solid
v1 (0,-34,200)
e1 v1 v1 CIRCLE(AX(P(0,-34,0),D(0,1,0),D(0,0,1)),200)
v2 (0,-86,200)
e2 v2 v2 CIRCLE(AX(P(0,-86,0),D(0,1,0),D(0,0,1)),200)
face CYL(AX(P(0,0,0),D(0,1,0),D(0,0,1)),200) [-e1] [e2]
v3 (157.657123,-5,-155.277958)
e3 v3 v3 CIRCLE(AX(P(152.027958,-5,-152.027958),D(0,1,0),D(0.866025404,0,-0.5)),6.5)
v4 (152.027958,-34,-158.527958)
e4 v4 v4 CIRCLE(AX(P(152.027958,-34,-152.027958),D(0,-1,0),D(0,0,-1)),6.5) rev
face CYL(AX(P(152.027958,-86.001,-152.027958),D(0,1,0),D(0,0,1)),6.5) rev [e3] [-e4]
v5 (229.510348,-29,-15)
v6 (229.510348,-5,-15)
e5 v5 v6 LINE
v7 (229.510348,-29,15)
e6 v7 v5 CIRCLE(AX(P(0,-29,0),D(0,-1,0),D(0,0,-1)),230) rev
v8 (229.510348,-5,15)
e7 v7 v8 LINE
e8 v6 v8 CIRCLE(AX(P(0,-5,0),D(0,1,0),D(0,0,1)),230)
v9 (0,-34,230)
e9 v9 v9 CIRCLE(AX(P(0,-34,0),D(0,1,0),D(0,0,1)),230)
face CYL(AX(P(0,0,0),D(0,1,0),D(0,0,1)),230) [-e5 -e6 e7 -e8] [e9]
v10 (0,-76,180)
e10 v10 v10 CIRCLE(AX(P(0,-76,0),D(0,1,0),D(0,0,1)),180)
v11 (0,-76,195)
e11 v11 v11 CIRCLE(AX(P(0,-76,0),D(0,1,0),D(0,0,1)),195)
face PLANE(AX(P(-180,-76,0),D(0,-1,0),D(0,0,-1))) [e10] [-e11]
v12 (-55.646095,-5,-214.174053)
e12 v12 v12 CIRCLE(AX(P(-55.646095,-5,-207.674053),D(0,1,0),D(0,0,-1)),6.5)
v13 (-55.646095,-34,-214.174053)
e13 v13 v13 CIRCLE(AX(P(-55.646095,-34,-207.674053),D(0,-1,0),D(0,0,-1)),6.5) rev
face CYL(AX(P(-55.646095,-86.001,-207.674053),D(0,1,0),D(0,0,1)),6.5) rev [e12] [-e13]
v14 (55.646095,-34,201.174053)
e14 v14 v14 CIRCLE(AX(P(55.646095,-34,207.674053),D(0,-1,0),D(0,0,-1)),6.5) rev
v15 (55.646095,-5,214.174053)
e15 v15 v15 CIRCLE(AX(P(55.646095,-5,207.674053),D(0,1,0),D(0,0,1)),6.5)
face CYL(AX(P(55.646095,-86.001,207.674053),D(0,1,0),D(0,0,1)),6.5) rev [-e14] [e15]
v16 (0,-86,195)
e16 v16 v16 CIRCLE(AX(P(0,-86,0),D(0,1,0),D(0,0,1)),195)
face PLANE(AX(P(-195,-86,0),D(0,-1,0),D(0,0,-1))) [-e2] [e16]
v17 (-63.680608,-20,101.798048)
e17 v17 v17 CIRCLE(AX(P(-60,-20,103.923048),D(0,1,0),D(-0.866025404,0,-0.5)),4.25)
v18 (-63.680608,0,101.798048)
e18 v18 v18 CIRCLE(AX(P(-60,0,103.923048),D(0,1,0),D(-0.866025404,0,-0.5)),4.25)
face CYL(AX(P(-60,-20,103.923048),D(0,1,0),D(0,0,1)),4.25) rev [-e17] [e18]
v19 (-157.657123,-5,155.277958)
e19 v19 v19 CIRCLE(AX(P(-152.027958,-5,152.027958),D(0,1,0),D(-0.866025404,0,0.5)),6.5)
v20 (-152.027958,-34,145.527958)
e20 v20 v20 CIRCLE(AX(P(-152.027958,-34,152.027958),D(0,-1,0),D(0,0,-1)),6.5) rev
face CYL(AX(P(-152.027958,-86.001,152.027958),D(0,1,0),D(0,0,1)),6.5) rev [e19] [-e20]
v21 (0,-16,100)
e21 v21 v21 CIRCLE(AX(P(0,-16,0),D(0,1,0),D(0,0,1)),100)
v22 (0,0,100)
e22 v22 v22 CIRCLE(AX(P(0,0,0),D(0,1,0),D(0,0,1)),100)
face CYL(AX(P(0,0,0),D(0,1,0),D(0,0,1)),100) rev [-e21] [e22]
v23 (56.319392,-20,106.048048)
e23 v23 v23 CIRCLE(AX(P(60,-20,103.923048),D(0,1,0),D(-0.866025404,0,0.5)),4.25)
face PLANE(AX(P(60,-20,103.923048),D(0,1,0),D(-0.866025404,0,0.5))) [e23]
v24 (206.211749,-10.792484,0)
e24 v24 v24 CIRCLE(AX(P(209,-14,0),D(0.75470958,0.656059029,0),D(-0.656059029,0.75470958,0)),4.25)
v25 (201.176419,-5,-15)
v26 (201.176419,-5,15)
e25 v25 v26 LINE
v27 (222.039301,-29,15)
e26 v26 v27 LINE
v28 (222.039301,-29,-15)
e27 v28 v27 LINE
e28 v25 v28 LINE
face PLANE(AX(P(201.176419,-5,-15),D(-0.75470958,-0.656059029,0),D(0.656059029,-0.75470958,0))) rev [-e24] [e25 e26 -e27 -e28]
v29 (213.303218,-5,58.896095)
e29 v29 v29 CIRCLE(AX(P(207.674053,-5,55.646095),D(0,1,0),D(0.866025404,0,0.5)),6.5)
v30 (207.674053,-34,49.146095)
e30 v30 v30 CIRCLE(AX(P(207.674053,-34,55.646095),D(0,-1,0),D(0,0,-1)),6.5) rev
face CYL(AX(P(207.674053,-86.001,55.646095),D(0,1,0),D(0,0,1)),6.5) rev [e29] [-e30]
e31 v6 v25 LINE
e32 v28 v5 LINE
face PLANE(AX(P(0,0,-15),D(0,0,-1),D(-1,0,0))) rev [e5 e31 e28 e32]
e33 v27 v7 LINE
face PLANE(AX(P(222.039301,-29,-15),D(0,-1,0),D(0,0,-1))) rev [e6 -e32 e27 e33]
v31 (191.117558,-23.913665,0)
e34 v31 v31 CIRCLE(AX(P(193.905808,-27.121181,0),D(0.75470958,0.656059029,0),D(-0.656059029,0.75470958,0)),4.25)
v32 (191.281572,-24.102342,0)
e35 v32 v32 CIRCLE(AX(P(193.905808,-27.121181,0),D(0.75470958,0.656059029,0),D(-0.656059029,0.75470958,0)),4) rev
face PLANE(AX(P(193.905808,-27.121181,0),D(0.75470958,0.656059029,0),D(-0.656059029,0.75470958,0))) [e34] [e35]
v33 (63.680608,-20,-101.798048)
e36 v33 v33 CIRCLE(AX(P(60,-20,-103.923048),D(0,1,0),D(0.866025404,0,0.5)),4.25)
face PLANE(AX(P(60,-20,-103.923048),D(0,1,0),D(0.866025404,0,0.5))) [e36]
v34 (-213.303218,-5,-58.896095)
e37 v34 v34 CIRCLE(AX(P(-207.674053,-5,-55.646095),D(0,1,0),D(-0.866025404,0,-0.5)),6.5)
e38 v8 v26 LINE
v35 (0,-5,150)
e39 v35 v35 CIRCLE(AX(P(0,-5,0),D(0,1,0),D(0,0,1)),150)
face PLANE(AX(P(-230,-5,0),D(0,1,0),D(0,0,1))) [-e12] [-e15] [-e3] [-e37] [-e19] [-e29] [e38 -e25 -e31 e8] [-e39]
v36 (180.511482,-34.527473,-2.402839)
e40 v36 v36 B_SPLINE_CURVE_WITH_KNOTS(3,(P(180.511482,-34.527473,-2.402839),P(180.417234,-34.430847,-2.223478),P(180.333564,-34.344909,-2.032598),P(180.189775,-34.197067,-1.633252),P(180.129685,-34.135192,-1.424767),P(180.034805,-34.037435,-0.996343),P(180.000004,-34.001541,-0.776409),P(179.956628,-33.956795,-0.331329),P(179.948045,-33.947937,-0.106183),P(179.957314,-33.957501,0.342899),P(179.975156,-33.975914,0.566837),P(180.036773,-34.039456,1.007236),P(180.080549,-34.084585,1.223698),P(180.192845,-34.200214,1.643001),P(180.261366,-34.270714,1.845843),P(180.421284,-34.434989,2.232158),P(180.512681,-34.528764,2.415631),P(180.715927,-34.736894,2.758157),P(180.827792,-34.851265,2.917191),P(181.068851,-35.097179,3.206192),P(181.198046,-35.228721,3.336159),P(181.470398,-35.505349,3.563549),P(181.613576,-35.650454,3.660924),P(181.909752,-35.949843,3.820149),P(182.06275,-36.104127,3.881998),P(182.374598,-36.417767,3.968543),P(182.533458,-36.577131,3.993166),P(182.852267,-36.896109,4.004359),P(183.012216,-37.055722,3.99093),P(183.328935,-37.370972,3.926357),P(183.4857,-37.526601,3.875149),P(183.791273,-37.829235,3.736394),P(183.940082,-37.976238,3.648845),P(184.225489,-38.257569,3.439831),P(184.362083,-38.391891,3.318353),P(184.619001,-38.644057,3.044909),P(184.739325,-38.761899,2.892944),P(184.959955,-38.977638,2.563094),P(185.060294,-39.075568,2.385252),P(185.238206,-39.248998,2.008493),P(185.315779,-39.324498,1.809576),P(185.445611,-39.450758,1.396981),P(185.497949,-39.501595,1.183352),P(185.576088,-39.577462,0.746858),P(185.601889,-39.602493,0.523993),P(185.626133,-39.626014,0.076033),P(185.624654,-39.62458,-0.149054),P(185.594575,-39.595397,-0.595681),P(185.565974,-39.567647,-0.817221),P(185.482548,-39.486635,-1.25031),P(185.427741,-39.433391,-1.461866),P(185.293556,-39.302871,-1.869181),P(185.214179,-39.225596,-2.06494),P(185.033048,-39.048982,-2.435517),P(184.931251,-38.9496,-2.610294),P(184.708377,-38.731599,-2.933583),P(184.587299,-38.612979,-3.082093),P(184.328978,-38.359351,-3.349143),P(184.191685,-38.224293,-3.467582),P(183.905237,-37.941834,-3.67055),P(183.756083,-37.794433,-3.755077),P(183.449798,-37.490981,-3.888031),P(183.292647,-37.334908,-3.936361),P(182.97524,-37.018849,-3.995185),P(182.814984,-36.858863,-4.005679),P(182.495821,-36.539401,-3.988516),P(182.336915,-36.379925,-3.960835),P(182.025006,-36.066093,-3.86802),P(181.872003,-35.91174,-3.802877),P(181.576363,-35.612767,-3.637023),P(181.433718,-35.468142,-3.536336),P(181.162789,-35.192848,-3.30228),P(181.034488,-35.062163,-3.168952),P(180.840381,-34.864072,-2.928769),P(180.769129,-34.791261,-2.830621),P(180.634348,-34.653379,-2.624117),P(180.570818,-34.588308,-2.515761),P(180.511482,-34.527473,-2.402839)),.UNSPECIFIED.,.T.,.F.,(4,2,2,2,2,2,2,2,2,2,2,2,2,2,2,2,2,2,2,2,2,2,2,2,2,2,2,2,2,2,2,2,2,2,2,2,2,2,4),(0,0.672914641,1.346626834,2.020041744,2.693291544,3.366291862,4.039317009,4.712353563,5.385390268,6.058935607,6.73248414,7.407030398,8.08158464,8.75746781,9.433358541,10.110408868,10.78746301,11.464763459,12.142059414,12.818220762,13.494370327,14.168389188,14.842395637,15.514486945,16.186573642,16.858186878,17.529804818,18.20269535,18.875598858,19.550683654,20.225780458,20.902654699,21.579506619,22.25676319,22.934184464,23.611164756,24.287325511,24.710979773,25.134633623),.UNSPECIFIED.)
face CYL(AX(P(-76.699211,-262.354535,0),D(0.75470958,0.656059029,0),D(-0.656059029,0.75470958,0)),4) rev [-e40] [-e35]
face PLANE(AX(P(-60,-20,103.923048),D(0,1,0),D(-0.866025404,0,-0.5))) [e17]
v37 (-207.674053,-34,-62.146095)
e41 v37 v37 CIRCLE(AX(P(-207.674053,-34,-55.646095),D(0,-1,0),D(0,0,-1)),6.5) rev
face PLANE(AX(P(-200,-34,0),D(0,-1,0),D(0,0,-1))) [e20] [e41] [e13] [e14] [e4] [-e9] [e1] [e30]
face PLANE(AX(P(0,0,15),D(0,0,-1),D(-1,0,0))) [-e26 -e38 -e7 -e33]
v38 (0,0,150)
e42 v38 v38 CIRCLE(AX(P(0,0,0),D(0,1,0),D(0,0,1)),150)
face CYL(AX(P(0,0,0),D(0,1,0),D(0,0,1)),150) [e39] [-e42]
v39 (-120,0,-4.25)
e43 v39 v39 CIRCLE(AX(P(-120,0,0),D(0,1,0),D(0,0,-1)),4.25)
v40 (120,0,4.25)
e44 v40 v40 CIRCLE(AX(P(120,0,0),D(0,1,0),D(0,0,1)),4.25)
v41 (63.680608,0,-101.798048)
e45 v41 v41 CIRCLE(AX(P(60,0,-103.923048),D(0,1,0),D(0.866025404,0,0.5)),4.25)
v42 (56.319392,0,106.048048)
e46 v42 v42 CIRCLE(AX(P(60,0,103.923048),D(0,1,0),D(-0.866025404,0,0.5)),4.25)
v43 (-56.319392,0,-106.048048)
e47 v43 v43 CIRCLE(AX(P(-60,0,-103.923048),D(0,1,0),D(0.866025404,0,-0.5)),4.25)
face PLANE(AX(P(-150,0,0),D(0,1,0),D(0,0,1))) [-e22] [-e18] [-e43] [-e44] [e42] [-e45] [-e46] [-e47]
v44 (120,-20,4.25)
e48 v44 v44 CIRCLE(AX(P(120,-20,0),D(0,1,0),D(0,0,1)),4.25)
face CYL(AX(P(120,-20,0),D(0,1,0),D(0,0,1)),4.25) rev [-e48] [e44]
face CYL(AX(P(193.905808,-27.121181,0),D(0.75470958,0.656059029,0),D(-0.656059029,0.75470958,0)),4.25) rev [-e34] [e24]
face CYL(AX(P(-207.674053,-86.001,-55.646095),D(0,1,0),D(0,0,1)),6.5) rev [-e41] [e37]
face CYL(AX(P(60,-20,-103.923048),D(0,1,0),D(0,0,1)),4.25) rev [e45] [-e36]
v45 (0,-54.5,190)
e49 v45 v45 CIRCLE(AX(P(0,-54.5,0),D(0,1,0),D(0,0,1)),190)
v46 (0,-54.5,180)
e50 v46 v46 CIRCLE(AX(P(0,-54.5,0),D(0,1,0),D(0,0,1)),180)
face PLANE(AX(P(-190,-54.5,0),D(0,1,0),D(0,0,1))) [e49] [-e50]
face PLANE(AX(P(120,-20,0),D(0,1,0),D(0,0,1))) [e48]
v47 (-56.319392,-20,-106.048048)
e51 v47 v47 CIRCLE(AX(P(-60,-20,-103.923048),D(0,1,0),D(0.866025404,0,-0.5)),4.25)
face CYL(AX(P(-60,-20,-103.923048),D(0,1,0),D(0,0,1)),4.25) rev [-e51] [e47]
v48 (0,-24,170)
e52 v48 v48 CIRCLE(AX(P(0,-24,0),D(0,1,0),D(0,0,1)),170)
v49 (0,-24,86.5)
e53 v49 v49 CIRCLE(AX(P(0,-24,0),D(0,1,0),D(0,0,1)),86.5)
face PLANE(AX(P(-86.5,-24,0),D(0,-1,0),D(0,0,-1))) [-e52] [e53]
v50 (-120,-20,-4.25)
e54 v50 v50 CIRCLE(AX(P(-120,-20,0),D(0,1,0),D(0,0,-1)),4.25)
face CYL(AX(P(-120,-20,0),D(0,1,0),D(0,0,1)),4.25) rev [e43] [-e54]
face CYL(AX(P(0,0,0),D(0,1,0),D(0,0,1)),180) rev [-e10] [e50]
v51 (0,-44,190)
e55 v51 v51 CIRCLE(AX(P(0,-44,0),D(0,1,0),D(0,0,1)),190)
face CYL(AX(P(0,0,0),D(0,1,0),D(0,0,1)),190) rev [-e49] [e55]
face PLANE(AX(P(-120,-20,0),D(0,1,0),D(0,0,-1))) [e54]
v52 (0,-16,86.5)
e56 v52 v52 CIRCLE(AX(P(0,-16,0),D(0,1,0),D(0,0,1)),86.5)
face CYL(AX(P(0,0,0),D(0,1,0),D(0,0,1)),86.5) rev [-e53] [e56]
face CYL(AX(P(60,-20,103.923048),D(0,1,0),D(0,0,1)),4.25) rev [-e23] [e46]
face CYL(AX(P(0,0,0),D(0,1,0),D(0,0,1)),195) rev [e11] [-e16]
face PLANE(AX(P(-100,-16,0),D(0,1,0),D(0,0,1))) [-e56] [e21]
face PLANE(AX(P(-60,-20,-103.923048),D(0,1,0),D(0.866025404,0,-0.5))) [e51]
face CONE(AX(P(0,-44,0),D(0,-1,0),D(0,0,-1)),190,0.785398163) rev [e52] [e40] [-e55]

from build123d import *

# Parameters (mm, degrees)
CUT_EXTRUDE_1_DEPTH      = 15
SKETCH_3_R               = 4.25
CUT_EXTRUDE_2_DEPTH      = 20
PATTERN_CIRCULAR_1_COUNT = 6
CUT_EXTRUDE_3_REACH      = 337.203
SKETCH_4_R               = 6.5
PATTERN_CIRCULAR_2_COUNT = 6
SKETCH_5_R               = 4.25
CUT_EXTRUDE_4_DEPTH      = 20
CUT_EXTRUDE_5_REACH      = 453.217
SKETCH_6_R               = 4


with BuildPart() as part:
    # 草图1 → 旋转1 (revolve)
    with BuildSketch(Plane.XY, mode=Mode.PRIVATE) as revolve_1_sk:
        Polygon((-150, 0), (-100, 0), (-100, -16), (-86.5, -16), (-86.5, -24), (-170, -24), (-190, -44), (-190, -54.5), (-180, -54.5), (-180, -76), (-195, -76), (-195, -86), (-200, -86), (-200, -34), (-230, -34), (-230, -5), (-150, -5), align=None)
    revolve(revolve_1_sk.sketch.rotate(Axis((0, 0, 0), (0, -1, 0)), 270), axis=Axis((0, 0, 0), (0, -1, 0)))

    # 草图2 → 切除-拉伸1 (cut, symmetric)
    with BuildSketch(Plane.XY):
        Polygon((201.17641936, -5), (222.039301067, -29), (230, -29), (230, -5), align=None)
    extrude(amount=CUT_EXTRUDE_1_DEPTH, both=True, mode=Mode.SUBTRACT)

    # 草图3 → 切除-拉伸2 (cut)
    with BuildSketch(Plane(origin=(0, 0, 0), x_dir=(1, 0, 0), z_dir=(0, 1, 0))):
        with Locations(Location((120, 0, 0), (0, 0, 270))):
            Circle(SKETCH_3_R)
    cut_extrude_2 = extrude(amount=-CUT_EXTRUDE_2_DEPTH, mode=Mode.SUBTRACT)

    # 阵列(圆周)1: 切除-拉伸2 ×6 about axis
    pattern_circular_1_axis = Axis((0, 0, 0), (0, 1, 0))
    for i in range(1, PATTERN_CIRCULAR_1_COUNT):
        add(cut_extrude_2.rotate(pattern_circular_1_axis, i * 360 / PATTERN_CIRCULAR_1_COUNT), mode=Mode.SUBTRACT)

    # 草图4 → 切除-拉伸3 (cut, up to next)
    with BuildSketch(Plane(origin=(0, -5, 0), x_dir=(1, 0, 0), z_dir=(0, 1, 0)), mode=Mode.PRIVATE) as cut_extrude_3_sk1:
        with Locations(Location((55.646094697, -207.674052652, 0), (0, 0, 270))):
            Circle(SKETCH_4_R)
    cut_extrude_3_tool1 = extrude(cut_extrude_3_sk1.sketch, amount=-CUT_EXTRUDE_3_REACH, mode=Mode.PRIVATE) & part.part
    cut_extrude_3 = cut_extrude_3_tool1.solids().sort_by_distance((55.646095, -5, 207.674053))[0]
    add(cut_extrude_3, mode=Mode.SUBTRACT)

    # 阵列(圆周)2: 切除-拉伸3 ×6 about axis
    pattern_circular_2_axis = Axis((0, 0, 0), (0, 1, 0))
    for i in range(1, PATTERN_CIRCULAR_2_COUNT):
        add(cut_extrude_3.rotate(pattern_circular_2_axis, i * 360 / PATTERN_CIRCULAR_2_COUNT), mode=Mode.SUBTRACT)

    # 草图5 → 切除-拉伸4 (cut)
    with BuildSketch(Plane(origin=(112.111712569, 97.45722489, 0), x_dir=(0, 0, -1), z_dir=(0.7547095802227705, 0.656059028990509, 0))):
        with Locations(Location((0, -147.682271182, 0), (0, 0, 90))):
            Circle(SKETCH_5_R)
    extrude(amount=-CUT_EXTRUDE_4_DEPTH, mode=Mode.SUBTRACT)

    # 切除-拉伸5: up to this cone (the profile starts outside it)
    cut_extrude_5_end = Plane(origin=(0, -14, 0), z_dir=(0, -1, 0)).offset(-159.999999) * Cone(1e-06, 773.717, 773.716999, align=(Align.CENTER, Align.CENTER, Align.MIN), mode=Mode.PRIVATE)
    # 草图6 → 切除-拉伸5 (cut, up to the surface)
    with BuildSketch(Plane(origin=(112.111712569, 97.45722489, 0), x_dir=(0, 0, -1), z_dir=(0.7547095802227705, 0.656059028990509, 0)), mode=Mode.PRIVATE) as cut_extrude_5_sk1:
        with Locations(Location((0, -147.682271182, 0), (0, 0, 90))):
            Circle(SKETCH_6_R)
    cut_extrude_5_tool1 = extrude(cut_extrude_5_sk1.sketch, amount=-CUT_EXTRUDE_5_REACH, mode=Mode.PRIVATE) - cut_extrude_5_end
    add(cut_extrude_5_tool1.solids().sort_by_distance((209, -14, 0))[0], mode=Mode.SUBTRACT)


solid = part.part
